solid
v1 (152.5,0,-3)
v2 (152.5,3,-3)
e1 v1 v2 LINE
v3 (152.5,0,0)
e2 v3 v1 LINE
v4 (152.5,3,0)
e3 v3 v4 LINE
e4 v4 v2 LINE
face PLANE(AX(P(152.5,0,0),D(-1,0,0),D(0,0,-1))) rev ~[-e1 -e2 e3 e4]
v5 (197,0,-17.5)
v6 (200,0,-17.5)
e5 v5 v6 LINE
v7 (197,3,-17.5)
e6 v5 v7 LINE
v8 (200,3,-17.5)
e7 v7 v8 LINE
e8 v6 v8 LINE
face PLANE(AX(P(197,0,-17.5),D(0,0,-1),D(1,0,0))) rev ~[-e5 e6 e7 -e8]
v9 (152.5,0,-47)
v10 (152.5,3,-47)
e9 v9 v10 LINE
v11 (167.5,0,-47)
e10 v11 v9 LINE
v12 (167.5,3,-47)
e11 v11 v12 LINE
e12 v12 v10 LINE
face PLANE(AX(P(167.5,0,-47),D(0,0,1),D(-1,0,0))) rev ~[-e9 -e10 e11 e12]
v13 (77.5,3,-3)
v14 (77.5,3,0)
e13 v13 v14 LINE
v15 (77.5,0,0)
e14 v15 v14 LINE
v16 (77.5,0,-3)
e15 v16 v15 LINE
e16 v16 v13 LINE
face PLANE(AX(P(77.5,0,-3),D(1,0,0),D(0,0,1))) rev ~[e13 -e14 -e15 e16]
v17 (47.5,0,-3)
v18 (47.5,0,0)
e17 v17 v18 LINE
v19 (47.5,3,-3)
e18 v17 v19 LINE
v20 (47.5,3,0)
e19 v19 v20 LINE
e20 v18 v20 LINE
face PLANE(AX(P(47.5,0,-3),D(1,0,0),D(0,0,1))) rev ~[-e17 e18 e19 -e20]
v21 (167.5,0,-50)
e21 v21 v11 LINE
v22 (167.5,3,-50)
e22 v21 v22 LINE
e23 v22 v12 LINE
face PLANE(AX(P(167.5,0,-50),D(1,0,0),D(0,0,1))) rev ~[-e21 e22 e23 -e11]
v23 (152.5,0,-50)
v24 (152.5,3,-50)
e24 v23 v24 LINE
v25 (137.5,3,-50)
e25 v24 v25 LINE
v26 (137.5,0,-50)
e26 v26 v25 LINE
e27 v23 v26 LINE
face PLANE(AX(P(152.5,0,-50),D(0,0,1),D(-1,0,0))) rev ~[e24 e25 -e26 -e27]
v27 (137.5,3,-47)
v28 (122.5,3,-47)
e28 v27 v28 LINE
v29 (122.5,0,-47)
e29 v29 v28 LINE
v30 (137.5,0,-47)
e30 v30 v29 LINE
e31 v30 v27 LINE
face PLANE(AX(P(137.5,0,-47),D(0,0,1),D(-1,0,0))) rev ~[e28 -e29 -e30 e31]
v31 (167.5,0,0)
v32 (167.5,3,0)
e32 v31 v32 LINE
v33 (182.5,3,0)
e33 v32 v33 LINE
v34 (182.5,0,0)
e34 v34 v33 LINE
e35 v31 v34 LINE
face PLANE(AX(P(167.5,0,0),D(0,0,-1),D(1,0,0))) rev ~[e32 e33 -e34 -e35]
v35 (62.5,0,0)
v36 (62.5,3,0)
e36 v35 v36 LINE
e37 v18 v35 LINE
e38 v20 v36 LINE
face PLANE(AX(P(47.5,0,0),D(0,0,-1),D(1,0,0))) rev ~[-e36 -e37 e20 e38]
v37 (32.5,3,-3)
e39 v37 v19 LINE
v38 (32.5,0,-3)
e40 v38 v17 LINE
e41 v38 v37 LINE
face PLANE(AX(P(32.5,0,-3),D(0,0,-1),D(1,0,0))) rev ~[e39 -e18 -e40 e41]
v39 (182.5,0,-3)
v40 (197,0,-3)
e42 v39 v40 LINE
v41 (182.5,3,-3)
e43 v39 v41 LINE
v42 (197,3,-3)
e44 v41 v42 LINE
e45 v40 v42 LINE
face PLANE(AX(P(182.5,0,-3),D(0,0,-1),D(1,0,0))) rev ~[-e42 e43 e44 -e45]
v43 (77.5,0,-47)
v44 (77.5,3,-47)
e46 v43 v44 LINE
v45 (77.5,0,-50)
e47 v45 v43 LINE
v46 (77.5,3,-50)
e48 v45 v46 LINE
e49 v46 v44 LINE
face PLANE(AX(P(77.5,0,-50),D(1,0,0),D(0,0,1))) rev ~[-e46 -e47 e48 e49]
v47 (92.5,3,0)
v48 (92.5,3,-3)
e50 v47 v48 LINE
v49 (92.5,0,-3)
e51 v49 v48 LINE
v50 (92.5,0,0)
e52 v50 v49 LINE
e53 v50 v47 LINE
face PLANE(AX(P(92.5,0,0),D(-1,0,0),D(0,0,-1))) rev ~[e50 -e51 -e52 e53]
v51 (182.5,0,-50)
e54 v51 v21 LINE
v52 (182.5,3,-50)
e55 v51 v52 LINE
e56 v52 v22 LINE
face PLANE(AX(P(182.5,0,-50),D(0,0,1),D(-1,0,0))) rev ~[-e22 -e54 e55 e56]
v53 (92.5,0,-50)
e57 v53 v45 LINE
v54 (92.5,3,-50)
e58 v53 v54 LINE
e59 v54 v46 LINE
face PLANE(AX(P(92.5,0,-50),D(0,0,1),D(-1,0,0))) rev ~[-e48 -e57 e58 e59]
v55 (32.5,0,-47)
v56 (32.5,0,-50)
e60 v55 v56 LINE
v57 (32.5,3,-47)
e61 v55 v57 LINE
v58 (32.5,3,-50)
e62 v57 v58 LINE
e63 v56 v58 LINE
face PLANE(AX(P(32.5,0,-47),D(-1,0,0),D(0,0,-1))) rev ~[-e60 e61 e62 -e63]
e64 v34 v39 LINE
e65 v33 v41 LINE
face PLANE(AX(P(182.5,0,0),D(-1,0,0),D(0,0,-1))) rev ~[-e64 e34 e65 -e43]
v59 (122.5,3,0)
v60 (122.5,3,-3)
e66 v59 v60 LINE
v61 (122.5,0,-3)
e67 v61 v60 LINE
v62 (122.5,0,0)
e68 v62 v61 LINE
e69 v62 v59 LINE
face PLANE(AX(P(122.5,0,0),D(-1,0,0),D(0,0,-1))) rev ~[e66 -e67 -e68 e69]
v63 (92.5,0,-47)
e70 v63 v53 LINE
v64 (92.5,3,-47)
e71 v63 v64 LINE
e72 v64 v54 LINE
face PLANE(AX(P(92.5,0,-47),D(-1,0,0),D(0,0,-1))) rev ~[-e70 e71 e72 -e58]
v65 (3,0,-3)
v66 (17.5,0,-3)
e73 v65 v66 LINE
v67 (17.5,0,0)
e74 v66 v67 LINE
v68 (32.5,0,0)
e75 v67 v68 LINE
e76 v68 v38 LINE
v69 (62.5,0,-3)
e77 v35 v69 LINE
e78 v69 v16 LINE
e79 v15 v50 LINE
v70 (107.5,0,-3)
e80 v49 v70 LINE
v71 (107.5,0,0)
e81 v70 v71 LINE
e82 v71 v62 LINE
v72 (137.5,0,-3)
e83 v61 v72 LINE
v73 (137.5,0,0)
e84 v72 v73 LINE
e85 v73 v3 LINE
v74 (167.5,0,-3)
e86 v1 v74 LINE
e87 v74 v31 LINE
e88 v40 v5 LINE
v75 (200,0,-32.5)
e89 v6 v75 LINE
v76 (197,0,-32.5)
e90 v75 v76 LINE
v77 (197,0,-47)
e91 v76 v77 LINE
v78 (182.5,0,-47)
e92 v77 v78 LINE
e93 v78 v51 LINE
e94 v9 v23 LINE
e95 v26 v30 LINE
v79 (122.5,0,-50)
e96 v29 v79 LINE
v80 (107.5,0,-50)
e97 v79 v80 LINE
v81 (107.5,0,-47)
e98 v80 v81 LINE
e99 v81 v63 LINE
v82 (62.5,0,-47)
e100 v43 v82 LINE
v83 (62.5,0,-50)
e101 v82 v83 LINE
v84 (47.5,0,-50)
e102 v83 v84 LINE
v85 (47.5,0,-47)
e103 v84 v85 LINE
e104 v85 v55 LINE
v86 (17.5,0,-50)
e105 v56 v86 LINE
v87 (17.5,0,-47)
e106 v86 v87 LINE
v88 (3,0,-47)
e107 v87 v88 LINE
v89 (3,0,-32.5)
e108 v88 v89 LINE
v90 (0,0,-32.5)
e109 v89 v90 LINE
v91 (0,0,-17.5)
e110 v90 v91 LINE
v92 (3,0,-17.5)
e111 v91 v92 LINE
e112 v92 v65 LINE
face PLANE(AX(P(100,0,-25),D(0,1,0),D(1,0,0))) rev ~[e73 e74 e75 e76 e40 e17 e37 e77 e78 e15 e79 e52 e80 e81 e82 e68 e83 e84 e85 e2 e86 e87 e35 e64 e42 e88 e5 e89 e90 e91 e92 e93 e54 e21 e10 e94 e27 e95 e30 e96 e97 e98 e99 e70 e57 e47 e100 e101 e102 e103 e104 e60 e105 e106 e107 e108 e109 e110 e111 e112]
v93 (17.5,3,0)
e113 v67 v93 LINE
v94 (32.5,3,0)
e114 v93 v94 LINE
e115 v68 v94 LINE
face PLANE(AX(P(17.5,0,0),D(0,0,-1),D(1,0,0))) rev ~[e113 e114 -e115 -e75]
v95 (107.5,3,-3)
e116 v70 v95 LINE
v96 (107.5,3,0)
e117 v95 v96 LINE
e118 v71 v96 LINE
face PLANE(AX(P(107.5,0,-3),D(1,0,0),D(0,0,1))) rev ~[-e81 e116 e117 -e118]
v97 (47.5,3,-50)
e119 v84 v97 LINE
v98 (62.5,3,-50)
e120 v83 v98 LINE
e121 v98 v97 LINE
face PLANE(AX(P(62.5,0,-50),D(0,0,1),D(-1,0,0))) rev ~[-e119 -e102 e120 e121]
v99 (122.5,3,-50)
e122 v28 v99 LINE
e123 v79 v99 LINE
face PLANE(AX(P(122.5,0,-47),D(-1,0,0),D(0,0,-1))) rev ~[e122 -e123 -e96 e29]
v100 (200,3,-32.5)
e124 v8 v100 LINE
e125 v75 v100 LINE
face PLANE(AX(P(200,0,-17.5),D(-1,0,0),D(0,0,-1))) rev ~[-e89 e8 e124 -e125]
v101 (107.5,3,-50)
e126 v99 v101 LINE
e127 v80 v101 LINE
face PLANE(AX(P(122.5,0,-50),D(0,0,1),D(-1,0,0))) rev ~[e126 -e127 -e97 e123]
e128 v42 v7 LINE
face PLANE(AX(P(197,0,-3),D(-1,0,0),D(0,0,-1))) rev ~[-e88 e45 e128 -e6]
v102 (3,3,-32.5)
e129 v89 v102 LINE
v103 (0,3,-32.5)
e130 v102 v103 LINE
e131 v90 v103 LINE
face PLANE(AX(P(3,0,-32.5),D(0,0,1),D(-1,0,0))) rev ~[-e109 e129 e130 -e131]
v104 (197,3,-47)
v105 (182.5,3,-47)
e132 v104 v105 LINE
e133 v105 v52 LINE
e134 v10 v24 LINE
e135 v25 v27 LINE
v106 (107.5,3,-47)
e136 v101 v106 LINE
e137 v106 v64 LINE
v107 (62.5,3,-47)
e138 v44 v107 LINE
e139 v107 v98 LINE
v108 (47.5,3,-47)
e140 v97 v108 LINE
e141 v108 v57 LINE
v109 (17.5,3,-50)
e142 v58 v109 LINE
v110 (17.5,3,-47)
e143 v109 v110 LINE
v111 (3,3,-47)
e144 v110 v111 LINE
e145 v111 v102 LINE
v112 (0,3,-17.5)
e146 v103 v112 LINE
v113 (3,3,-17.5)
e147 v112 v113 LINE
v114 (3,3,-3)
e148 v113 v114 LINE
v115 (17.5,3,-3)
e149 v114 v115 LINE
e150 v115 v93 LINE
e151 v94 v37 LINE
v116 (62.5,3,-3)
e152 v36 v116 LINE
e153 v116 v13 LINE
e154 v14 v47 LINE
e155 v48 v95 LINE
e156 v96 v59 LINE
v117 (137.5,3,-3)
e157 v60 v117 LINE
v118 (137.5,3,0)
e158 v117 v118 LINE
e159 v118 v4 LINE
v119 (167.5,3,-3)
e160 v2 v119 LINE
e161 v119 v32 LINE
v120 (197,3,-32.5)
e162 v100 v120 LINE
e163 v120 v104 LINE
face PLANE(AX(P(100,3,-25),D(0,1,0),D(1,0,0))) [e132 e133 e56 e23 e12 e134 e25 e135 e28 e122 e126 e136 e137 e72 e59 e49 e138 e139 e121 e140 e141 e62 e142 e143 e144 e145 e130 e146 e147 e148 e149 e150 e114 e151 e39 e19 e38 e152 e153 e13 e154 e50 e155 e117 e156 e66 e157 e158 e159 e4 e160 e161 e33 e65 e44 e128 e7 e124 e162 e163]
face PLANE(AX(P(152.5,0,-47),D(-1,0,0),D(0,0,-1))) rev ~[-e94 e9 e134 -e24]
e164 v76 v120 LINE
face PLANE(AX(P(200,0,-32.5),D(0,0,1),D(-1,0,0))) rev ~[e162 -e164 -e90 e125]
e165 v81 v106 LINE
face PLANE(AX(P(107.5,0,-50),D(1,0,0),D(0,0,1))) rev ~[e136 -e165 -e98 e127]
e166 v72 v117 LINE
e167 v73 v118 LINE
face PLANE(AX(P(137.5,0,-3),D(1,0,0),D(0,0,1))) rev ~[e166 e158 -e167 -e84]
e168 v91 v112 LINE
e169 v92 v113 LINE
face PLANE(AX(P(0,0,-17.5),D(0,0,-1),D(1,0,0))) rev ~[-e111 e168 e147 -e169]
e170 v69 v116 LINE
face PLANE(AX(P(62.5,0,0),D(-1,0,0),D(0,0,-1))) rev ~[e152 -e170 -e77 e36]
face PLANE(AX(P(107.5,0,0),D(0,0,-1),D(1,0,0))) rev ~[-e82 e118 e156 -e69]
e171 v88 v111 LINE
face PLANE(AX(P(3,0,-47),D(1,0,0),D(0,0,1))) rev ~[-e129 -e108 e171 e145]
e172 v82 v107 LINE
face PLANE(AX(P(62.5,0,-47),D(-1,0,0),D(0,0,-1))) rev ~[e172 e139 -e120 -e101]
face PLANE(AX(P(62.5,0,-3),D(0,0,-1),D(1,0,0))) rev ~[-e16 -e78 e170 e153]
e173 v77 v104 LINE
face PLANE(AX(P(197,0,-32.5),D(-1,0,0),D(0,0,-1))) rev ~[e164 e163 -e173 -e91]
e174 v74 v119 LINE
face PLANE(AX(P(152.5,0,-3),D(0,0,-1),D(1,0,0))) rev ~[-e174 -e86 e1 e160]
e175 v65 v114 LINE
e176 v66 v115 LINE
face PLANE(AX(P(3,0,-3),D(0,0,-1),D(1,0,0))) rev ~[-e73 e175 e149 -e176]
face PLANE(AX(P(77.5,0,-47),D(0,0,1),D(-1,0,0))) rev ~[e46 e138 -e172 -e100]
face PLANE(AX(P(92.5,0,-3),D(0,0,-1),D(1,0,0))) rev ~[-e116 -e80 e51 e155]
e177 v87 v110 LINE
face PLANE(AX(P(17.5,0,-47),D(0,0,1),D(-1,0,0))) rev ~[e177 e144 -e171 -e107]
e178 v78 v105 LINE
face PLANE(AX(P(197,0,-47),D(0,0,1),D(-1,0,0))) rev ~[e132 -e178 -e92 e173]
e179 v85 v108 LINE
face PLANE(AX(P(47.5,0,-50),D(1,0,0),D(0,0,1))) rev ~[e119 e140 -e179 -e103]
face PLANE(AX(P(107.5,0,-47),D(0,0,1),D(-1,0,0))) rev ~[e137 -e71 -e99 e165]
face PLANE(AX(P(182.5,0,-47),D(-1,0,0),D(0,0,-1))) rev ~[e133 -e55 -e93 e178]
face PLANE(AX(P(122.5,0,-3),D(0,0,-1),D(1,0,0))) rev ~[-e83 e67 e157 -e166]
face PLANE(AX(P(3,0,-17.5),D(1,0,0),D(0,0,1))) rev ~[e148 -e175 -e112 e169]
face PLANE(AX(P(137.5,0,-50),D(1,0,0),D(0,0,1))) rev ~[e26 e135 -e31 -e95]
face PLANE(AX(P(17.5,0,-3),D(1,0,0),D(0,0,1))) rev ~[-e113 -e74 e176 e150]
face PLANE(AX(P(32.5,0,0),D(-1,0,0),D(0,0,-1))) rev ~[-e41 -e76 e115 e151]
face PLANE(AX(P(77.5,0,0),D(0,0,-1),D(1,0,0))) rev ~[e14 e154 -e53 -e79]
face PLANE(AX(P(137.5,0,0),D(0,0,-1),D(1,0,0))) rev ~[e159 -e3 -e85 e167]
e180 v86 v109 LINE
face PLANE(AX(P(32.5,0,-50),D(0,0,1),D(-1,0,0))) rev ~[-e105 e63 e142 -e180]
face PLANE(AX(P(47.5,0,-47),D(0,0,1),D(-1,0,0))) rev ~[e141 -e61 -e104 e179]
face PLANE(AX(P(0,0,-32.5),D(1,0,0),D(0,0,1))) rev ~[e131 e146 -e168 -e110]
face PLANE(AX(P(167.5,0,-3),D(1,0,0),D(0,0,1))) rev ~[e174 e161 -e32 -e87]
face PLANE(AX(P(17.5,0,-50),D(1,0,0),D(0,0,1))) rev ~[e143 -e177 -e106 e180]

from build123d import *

# Parameters (mm, degrees)
SALIENTE_EXTRUIR1_DEPTH = 3


with BuildPart() as part:
    # Croquis1 → Saliente-Extruir1 (new body)
    with BuildSketch(Plane(origin=(0, 0, 0), x_dir=(1, 0, 0), z_dir=(0, 1, 0))):
        Polygon((200, 17.5), (200, 32.5), (197, 32.5), (197, 47), (182.5, 47), (182.5, 50), (167.5, 50), (167.5, 47), (152.5, 47), (152.5, 50), (137.5, 50), (137.5, 47), (122.5, 47), (122.5, 50), (107.5, 50), (107.5, 47), (92.5, 47), (92.5, 50), (77.5, 50), (77.5, 47), (62.5, 47), (62.5, 50), (47.5, 50), (47.5, 47), (32.5, 47), (32.5, 50), (17.5, 50), (17.5, 47), (3, 47), (3, 32.5), (0, 32.5), (0, 17.5), (3, 17.5), (3, 3), (17.5, 3), (17.5, 0), (32.5, 0), (32.5, 3), (47.5, 3), (47.5, 0), (62.5, 0), (62.5, 3), (77.5, 3), (77.5, 0), (92.5, 0), (92.5, 3), (107.5, 3), (107.5, 0), (122.5, 0), (122.5, 3), (137.5, 3), (137.5, 0), (152.5, 0), (152.5, 3), (167.5, 3), (167.5, 0), (182.5, 0), (182.5, 3), (197, 3), (197, 17.5), align=None)
    extrude(amount=SALIENTE_EXTRUIR1_DEPTH)


solid = part.part
